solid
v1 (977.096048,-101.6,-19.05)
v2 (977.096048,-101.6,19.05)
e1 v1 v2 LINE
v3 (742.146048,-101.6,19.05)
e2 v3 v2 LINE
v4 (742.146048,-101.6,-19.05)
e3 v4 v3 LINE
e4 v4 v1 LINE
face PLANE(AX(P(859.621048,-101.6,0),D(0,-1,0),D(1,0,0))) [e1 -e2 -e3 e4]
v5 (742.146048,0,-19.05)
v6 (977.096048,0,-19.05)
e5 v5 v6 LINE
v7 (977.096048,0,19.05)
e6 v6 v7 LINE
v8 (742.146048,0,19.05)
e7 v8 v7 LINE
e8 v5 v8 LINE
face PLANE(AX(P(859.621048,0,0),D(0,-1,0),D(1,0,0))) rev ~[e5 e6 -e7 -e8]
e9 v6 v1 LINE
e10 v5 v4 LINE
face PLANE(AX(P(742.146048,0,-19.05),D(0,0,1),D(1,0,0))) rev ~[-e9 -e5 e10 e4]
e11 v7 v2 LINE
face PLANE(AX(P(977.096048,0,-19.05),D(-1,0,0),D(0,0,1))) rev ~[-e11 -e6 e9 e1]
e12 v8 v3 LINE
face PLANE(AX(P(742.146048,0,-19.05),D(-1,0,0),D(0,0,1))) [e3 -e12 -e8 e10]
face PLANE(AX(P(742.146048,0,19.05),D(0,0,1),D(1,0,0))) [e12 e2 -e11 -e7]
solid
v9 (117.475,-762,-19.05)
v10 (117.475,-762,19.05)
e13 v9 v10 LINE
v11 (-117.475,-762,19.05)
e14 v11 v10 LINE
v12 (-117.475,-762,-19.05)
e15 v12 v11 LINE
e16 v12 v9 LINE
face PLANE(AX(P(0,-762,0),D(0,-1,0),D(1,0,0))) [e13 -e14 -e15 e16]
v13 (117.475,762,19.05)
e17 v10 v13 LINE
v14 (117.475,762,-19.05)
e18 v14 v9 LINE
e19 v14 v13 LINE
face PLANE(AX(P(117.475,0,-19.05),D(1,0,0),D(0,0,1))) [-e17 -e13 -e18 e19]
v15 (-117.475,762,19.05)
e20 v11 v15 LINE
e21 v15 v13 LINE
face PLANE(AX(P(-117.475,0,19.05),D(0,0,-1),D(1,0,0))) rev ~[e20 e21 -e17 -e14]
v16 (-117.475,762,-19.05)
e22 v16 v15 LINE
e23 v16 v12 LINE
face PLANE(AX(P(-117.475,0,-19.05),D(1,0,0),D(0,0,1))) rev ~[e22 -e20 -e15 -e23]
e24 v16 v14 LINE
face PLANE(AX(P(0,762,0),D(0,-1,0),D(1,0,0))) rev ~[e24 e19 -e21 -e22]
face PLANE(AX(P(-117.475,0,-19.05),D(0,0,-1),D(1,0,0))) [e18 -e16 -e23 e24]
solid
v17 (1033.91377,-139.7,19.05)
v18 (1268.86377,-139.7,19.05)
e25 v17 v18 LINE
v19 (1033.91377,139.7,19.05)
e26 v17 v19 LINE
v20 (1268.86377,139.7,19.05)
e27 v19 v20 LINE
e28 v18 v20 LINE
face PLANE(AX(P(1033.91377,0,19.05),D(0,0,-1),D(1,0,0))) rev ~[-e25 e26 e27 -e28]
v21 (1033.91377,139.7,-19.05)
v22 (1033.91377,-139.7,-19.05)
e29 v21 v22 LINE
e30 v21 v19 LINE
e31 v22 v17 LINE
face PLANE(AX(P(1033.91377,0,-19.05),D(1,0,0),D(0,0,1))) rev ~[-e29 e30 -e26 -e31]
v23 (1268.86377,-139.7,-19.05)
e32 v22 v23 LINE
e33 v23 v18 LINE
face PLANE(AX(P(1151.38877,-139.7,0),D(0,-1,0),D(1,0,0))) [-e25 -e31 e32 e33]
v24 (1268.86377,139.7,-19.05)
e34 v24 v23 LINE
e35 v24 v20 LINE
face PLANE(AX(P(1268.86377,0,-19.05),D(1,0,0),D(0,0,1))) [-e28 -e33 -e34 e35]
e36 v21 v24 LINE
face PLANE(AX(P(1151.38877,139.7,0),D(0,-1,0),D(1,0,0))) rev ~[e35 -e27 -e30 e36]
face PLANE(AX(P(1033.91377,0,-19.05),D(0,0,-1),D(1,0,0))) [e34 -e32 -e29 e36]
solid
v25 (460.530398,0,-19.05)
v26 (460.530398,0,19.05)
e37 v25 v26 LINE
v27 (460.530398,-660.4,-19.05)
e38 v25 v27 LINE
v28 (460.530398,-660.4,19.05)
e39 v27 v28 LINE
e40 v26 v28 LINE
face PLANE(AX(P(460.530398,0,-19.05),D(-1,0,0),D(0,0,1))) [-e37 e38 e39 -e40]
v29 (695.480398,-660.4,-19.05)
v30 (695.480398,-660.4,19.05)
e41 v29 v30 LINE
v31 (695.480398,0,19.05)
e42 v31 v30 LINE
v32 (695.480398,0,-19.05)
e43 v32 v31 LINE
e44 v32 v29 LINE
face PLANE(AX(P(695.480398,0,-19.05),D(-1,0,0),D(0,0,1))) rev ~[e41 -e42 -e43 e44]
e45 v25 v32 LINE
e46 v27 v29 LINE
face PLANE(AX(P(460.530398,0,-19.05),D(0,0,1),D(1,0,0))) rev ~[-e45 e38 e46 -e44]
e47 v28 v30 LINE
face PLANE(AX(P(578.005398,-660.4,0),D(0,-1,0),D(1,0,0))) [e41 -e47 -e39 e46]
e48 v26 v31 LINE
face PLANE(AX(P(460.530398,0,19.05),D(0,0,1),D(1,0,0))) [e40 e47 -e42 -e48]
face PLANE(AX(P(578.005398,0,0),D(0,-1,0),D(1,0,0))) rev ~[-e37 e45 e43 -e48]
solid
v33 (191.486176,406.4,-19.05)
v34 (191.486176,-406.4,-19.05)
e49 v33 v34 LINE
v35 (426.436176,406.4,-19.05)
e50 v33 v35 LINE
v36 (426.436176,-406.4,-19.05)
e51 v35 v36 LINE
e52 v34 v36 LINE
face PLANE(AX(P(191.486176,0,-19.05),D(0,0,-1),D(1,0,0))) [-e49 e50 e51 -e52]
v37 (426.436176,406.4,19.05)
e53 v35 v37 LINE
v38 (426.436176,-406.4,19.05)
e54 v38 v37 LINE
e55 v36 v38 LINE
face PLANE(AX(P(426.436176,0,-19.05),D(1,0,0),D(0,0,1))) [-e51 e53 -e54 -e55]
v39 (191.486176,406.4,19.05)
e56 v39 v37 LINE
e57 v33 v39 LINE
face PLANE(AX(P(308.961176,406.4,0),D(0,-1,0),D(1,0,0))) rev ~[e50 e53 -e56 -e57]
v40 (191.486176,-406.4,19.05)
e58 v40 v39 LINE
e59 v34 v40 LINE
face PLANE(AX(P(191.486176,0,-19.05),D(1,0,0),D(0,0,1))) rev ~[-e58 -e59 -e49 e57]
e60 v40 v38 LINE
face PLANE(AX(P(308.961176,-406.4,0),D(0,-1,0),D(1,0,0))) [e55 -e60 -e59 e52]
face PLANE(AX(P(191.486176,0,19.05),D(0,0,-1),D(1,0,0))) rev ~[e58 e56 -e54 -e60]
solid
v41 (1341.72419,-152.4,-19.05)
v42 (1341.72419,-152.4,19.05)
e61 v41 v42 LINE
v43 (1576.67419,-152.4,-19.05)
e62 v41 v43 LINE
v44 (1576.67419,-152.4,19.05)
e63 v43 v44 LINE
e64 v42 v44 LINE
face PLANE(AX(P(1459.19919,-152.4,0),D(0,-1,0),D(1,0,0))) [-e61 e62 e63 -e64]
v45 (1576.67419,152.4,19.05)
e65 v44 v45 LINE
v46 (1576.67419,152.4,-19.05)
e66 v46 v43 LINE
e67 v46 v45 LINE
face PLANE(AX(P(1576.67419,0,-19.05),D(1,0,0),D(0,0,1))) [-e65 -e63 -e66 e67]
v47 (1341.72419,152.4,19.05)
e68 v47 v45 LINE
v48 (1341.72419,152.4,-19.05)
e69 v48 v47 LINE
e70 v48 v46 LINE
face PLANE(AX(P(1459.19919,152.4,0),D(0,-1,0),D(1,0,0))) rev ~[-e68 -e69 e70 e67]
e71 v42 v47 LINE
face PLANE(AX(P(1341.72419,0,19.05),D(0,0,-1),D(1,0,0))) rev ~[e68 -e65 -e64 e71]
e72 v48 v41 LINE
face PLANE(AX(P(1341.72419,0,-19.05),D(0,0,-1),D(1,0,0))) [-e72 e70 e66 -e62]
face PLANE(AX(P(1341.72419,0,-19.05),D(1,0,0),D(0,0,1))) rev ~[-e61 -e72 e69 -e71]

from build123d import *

# Parameters (mm, degrees)
F0_W      = 234.95
F0_H      = 38.1
F1_DEPTH  = 762
F2_W      = 234.95
F2_H      = 38.1
F3_DEPTH  = 406.4
F4_W      = 234.95
F4_H      = 38.1
F5_DEPTH  = 660.4
F6_W      = 234.95
F6_H      = 38.1
F7_DEPTH  = 101.6
F8_W      = 234.95
F8_H      = 38.1
F9_DEPTH  = 139.7
F10_W     = 234.95
F10_H     = 38.1
F11_DEPTH = 152.4


with BuildPart() as f1:
    # F0 (on Front) → F1 (new body, symmetric)
    with BuildSketch(Plane.XZ):
        Rectangle(F0_W, F0_H)
    extrude(amount=F1_DEPTH, both=True)


with BuildPart() as f3:
    # F2 (on Front) → F3 (new body, symmetric)
    with BuildSketch(Plane.XZ):
        with Locations((308.961176, 0)):
            Rectangle(F2_W, F2_H)
    extrude(amount=F3_DEPTH, both=True)


with BuildPart() as f5:
    # F4 (on Front) → F5 (new body)
    with BuildSketch(Plane.XZ):
        with Locations((578.005398, 0)):
            Rectangle(F4_W, F4_H)
    extrude(amount=F5_DEPTH)


with BuildPart() as f7:
    # F6 (on Front) → F7 (new body)
    with BuildSketch(Plane.XZ):
        with Locations((859.621048, 0)):
            Rectangle(F6_W, F6_H)
    extrude(amount=F7_DEPTH)


with BuildPart() as f9:
    # F8 (on Front) → F9 (new body, symmetric)
    with BuildSketch(Plane.XZ):
        with Locations((1151.38877, 0)):
            Rectangle(F8_W, F8_H)
    extrude(amount=F9_DEPTH, both=True)


with BuildPart() as f11:
    # F10 (on Front) → F11 (new body, symmetric)
    with BuildSketch(Plane.XZ):
        with Locations((1459.19919, 0)):
            Rectangle(F10_W, F10_H)
    extrude(amount=F11_DEPTH, both=True)


solid = Compound([f1.part, f3.part, f5.part, f7.part, f9.part, f11.part])
